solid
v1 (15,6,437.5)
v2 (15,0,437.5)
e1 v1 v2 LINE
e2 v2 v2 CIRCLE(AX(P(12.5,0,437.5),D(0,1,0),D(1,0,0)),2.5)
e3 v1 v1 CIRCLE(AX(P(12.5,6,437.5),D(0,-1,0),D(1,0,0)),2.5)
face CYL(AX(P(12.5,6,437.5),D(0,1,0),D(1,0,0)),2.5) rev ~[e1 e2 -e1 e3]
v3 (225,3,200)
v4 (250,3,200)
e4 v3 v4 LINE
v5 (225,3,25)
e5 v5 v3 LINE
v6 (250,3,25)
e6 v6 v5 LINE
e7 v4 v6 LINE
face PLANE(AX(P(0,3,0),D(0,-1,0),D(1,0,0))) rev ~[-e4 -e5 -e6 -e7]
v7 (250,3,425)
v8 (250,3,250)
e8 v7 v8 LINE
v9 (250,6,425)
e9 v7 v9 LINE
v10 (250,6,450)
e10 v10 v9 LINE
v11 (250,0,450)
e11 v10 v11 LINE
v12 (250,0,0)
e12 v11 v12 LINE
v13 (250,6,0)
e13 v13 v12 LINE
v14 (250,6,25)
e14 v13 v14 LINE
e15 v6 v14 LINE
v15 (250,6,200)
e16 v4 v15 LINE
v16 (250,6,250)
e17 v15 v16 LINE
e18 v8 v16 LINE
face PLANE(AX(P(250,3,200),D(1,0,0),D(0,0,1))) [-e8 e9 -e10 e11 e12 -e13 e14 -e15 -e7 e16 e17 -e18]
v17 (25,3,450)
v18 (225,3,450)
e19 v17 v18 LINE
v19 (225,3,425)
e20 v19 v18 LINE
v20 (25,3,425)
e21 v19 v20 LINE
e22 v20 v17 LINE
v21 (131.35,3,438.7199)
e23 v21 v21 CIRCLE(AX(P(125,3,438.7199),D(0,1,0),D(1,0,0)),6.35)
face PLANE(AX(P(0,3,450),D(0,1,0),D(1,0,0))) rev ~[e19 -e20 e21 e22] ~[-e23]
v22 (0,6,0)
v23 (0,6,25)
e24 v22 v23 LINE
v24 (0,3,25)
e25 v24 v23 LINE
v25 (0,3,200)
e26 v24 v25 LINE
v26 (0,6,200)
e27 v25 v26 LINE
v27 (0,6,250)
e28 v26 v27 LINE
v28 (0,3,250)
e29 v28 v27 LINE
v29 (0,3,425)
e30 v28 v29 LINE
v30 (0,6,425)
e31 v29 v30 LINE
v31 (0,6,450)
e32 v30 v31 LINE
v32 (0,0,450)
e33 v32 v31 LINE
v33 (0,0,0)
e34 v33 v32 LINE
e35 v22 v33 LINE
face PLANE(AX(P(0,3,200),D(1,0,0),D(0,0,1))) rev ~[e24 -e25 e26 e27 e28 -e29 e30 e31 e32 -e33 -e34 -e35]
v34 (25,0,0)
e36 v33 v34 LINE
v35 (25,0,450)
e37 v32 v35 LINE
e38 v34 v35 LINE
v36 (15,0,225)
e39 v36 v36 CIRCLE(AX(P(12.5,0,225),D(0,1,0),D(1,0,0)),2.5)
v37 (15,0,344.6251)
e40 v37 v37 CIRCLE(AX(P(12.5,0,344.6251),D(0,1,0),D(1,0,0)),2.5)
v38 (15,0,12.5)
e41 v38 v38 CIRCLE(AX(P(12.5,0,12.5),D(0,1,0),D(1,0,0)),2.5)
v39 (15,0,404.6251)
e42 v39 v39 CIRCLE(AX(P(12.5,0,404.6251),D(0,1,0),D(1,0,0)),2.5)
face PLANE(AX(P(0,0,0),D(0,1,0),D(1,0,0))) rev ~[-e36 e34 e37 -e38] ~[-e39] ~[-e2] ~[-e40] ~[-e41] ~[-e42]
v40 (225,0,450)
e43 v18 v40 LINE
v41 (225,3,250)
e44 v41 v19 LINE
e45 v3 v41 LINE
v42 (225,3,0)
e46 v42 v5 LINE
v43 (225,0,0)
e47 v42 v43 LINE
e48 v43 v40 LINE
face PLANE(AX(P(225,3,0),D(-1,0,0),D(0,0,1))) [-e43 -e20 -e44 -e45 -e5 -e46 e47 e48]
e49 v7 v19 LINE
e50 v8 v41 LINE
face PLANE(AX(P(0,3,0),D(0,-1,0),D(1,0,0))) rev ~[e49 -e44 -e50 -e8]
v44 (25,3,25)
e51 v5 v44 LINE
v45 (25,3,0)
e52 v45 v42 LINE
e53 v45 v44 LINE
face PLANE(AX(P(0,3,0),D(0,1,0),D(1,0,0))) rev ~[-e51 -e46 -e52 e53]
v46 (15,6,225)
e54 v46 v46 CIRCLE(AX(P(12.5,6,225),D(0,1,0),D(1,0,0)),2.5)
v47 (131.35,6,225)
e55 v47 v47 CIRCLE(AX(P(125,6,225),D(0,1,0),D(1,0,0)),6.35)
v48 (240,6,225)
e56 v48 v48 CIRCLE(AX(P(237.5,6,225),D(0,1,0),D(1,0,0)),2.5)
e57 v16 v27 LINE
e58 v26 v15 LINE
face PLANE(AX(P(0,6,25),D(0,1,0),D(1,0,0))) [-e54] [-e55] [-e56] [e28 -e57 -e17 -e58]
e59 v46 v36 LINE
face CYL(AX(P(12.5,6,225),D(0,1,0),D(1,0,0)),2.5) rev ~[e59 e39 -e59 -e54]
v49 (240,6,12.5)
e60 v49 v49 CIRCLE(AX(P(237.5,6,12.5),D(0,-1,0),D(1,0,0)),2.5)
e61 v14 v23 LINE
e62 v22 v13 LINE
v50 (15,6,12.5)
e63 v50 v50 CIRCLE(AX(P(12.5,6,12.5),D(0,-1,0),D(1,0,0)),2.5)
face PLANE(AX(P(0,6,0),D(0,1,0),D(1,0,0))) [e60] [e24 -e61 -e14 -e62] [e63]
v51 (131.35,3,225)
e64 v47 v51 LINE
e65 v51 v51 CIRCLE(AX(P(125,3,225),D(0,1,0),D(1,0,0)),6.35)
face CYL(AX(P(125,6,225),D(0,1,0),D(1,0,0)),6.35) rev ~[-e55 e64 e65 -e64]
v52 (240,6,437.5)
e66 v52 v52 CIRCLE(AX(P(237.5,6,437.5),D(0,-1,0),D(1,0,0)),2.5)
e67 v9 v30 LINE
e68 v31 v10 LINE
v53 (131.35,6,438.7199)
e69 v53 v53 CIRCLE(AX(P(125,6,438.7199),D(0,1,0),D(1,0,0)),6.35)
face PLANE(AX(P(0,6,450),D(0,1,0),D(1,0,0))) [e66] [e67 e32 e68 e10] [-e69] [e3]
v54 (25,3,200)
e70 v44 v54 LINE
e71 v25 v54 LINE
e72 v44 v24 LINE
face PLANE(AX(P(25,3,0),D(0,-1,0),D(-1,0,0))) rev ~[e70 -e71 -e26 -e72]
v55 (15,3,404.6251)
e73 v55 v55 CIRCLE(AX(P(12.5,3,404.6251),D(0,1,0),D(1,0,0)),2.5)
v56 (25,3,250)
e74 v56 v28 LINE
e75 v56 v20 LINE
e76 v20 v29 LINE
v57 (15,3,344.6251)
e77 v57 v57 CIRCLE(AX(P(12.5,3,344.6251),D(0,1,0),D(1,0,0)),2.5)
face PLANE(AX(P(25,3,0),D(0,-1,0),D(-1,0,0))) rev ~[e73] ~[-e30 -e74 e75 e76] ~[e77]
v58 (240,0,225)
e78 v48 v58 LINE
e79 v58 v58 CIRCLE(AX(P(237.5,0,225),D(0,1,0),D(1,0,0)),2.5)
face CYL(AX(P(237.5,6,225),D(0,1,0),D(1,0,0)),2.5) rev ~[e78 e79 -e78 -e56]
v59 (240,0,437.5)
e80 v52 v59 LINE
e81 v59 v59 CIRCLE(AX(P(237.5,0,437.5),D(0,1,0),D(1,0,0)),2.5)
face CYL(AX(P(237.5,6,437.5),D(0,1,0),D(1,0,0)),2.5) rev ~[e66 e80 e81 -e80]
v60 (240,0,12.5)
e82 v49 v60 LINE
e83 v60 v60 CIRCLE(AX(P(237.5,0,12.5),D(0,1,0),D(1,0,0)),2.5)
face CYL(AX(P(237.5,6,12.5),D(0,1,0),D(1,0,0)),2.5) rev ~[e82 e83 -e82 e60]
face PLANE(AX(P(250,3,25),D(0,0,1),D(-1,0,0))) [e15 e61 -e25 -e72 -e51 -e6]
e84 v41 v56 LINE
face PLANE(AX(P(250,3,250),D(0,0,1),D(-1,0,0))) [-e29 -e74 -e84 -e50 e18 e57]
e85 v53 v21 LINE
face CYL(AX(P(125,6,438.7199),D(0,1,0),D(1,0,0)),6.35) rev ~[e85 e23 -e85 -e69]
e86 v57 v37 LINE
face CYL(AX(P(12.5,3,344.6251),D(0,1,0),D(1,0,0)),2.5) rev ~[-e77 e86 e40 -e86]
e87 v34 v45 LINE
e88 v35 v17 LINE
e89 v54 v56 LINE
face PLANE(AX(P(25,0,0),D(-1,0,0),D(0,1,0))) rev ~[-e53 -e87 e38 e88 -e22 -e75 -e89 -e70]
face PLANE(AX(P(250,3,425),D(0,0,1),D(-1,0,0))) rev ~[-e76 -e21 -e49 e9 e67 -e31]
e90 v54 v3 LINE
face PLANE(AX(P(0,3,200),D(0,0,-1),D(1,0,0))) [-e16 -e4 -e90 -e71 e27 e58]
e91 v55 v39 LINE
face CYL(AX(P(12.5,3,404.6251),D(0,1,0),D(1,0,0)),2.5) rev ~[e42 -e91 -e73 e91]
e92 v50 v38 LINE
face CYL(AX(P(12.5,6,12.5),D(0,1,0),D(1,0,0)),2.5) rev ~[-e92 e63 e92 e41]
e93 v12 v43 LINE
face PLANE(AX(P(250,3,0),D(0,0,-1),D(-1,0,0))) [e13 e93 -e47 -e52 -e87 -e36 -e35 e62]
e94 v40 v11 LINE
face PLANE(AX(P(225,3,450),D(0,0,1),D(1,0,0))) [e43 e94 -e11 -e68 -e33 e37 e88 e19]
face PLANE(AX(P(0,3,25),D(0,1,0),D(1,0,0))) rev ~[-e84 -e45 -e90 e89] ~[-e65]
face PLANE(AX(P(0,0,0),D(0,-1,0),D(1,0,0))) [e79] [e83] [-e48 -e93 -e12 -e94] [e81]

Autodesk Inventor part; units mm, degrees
ref_plane "YZ Plane" through (0, 0, 0) normal (1, 0, 0) x (0, 1, 0)
ref_plane "XZ Plane" through (0, 0, 0) normal (0, 1, 0) x (-1, 0, 0)
ref_plane "XY Plane" through (0, 0, 0) normal (0, 0, 1) x (1, 0, 0)
sketch "Sketch1" plane through (0, 0, 0) normal (0, 0, 1) x (1, 0, 0)
  line L0 (0, 0) -> (25, 0)
  line L1 (25, 0) -> (25, 3)
  line L2 (25, 3) -> (0, 3)
  line L3 (0, 3) -> (0, 0)
  dimension "d0" = 25
  dimension "d1" = 3
extrude "Extrusion1" add sketch "Sketch1" along normal blind 450
sketch "Sketch2" plane through (0, 3, 0) normal (0, 1, 0) x (1, 0, 0)
  line L0 (0, 0) -> (0, -450) projected
  line L1 (0, 0) -> (250, 0)
  line L2 (250, 0) -> (250, -25)
  line L3 (250, -25) -> (0, -25)
  line L4 (0, -25) -> (0, 0)
  dimension "d4" = 250
  dimension "d5" = 25
extrude "Extrusion2" add sketch "Sketch2" along normal blind 3
sketch "Sketch3" plane through (0, 3, 450) normal (0, 1, 0) x (1, 0, 0)
  line L0 (0, 450) -> (0, 0) projected
  line L1 (0, 0) -> (250, 0)
  line L2 (250, 0) -> (250, 25)
  line L3 (250, 25) -> (0, 25)
  line L4 (0, 25) -> (0, 0)
  dimension "d8" = 250
  dimension "d9" = 25
extrude "Extrusion3" add sketch "Sketch3" along normal blind 3
sketch "Sketch4" plane through (0, 3, 0) normal (0, -1, 0) x (1, 0, 0)
  line L0 (250, 0) -> (0, 0) projected
  line L1 (250, 0) -> (225, 0)
  line L2 (225, 0) -> (225, 450)
  line L3 (225, 450) -> (250, 450)
  line L4 (250, 450) -> (250, 0)
  dimension "d12" = 25
  dimension "d13" = 450
extrude "Extrusion4" add sketch "Sketch4" along normal blind 3
sketch "Sketch5" plane through (0, 3, 25) normal (0, 1, 0) x (1, 0, 0)
  line L0 (0, 25) -> (0, -175)
  line L1 (0, 0) -> (0, -400) projected
  line L2 (0, -175) -> (250, -175)
  line L3 (250, -175) -> (250, -225)
  line L4 (250, -225) -> (0, -225)
  line L5 (0, -225) -> (0, -175)
  dimension "d16" = 200
  dimension "d17" = 250
  dimension "d18" = 50
extrude "Extrusion5" add sketch "Sketch5" along normal blind 3
sketch "Sketch6" plane through (0, 6, 0) normal (0, 1, 0) x (1, 0, 0)
  line L0 (25, -25) -> (0, -25) projected
  line L1 (0, 0) -> (0, -25) projected
  line L2 (25, -25) -> (0, -25)
  line L3 (0, -25) -> (0, 0)
  line L4 (0, 0) -> (25, 0)
  line L5 (25, 0) -> (25, -25)
  line L6 (25, -25) -> (0, 0)
  line L7 (225, 0) -> (25, 0) projected
  line L8 (25, 0) -> (0, -25)
  circle A0 centre (12.5, -12.5) radius 2.5
  line L9 (0, -450) -> (250, -450) projected
  line L10 (250, -425) -> (0, -425) projected
  line L11 (0, -450) -> (25, -450)
  line L12 (25, -450) -> (25, -425)
  line L13 (25, -425) -> (0, -425)
  line L14 (0, -425) -> (0, -450)
  line L15 (250, -450) -> (225, -450)
  line L16 (225, -450) -> (225, -425)
  line L17 (225, -425) -> (250, -425)
  line L18 (250, -425) -> (250, -450)
  line L19 (0, -450) -> (25, -425)
  line L20 (25, -450) -> (0, -425)
  line L21 (250, -450) -> (225, -425)
  line L22 (225, -425) -> (225, -250) projected
  line L23 (225, -450) -> (250, -425)
  circle A1 centre (237.5, -437.5) radius 2.5
  circle A2 centre (12.5, -437.5) radius 2.5
  line L24 (250, -25) -> (250, 0) projected
  line L25 (225, -25) -> (250, -25) projected
  line L26 (250, 0) -> (225, 0)
  line L27 (225, 0) -> (225, -25)
  line L28 (225, -25) -> (250, -25)
  line L29 (250, -25) -> (250, 0)
  line L30 (250, -25) -> (225, 0)
  line L31 (225, 0) -> (225, -25) projected
  line L32 (225, 0) -> (225, -25)
  line L33 (225, -25) -> (250, 0)
  circle A3 centre (237.5, -12.5) radius 2.5
  dimension "d21" = 5
  dimension "d22" = 5
  dimension "d23" = 5
  dimension "d24" = 5
extrude "Extrusion6" cut sketch "Sketch6" against normal blind 100 contours A0 L8 L6 | L6 L8 A0 | A0 L6 L8 | L8 L6 A0 | A3 L33 L30 | L30 L33 A3 | A3 L30 L33 | L33 L30 A3 | A2 L20 L19 | L19 L20 A2 | L20 L19 A2 | A2 L19 L20 | A1 L21 L23 | L23 L21 A1 | L21 L23 A1 | A1 L23 L21
sketch "Sketch7" plane through (0, 6, 25) normal (0, 1, 0) x (1, 0, 0)
  circle A0 centre (12.5, -200) radius 2.5
  line L0 (0, -175) -> (0, -225) projected
  line L1 (0, -225) -> (250, -225) projected
  circle A1 centre (237.5, -200) radius 2.5
  line L2 (250, -225) -> (250, -175) projected
  line L3 (250, -175) -> (0, -175) projected
  point P0 (0, 25)
  dimension "d27" = 5
  dimension "d28" = 12.5
  dimension "d29" = 25
  dimension "d30" = 5
  dimension "d31" = 12.5
  dimension "d32" = 25
extrude "Extrusion7" cut sketch "Sketch7" against normal blind 100 contours A0 | A1
thread "Thread1" size "M5x0.8" class "6H" standard "ANSI Metric M Profile" full length
thread "Thread2" size "M5x0.8" class "6H" standard "ANSI Metric M Profile" full length
thread "Thread3" size "M5x0.8" class "6H" standard "ANSI Metric M Profile" full length
thread "Thread4" size "M5x0.8" class "6H" standard "ANSI Metric M Profile" full length
thread "Thread5" size "M5x0.8" class "6H" standard "ANSI Metric M Profile" full length
thread "Thread6" size "M5x0.8" class "6H" standard "ANSI Metric M Profile" full length
sketch "Sketch8" plane through (0, 6, 25) normal (0, 1, 0) x (1, 0, 0)
  circle A0 centre (12.5, -200) radius 2.5 projected
  circle A1 centre (237.5, -200) radius 2.5 projected
  circle A2 centre (125, -200) radius 6.35
  line L0 (250, -225) -> (250, -175) projected
  point P0 (0, 25)
  dimension "d47" = 12.7
  dimension "d48" = 125
extrude "Extrusion8" cut sketch "Sketch8" against normal blind 10 contours A2
sketch "Sketch9" plane through (0, 6, 450) normal (0, 1, 0) x (1, 0, 0)
  circle A0 centre (125, 11.2801) radius 6.35
  line L0 (250, 0) -> (250, 25) projected
  point P0 (0, 450)
  dimension "d51" = 12.7
  dimension "d52" = 125
extrude "Extrusion9" cut sketch "Sketch9" against normal through all
thread "Thread7" size "M14x2" class "6H" standard "ANSI Metric M Profile" full length
sketch "Sketch10" plane through (0, 3, 425) normal (0, 1, 0) x (1, 0, 0)
  line L0 (25, 425) -> (25, -25) projected
  line L1 (0, 425) -> (0, -25) projected
  line L2 (25, 0.3749) -> (0, 0.3749)
  line L3 (0, 0.3749) -> (0, 100.3749)
  line L4 (0, 100.3749) -> (25, 100.3749)
  line L5 (25, 100.3749) -> (25, 0.3749)
  circle A0 centre (12.5, 20.3749) radius 2.5
  circle A1 centre (12.5, 80.3749) radius 2.5
  point P0 (12.5, 0.3749)
  point P1 (12.5, 100.3749)
  dimension "d57" = 100
  dimension "d58" = 5
  dimension "d59" = 5
  dimension "d60" = 20
  dimension "d61" = 20
  dimension "d62" = 12.5
  dimension "d63" = 12.5
extrude "Extrusion10" cut sketch "Sketch10" against normal blind 10 contours A0 | A1
thread "Thread8" size "M5x0.8" class "6H" standard "ANSI Metric M Profile" full length
thread "Thread9" size "M5x0.8" class "6H" standard "ANSI Metric M Profile" full length
properties part number "Base Platform"
